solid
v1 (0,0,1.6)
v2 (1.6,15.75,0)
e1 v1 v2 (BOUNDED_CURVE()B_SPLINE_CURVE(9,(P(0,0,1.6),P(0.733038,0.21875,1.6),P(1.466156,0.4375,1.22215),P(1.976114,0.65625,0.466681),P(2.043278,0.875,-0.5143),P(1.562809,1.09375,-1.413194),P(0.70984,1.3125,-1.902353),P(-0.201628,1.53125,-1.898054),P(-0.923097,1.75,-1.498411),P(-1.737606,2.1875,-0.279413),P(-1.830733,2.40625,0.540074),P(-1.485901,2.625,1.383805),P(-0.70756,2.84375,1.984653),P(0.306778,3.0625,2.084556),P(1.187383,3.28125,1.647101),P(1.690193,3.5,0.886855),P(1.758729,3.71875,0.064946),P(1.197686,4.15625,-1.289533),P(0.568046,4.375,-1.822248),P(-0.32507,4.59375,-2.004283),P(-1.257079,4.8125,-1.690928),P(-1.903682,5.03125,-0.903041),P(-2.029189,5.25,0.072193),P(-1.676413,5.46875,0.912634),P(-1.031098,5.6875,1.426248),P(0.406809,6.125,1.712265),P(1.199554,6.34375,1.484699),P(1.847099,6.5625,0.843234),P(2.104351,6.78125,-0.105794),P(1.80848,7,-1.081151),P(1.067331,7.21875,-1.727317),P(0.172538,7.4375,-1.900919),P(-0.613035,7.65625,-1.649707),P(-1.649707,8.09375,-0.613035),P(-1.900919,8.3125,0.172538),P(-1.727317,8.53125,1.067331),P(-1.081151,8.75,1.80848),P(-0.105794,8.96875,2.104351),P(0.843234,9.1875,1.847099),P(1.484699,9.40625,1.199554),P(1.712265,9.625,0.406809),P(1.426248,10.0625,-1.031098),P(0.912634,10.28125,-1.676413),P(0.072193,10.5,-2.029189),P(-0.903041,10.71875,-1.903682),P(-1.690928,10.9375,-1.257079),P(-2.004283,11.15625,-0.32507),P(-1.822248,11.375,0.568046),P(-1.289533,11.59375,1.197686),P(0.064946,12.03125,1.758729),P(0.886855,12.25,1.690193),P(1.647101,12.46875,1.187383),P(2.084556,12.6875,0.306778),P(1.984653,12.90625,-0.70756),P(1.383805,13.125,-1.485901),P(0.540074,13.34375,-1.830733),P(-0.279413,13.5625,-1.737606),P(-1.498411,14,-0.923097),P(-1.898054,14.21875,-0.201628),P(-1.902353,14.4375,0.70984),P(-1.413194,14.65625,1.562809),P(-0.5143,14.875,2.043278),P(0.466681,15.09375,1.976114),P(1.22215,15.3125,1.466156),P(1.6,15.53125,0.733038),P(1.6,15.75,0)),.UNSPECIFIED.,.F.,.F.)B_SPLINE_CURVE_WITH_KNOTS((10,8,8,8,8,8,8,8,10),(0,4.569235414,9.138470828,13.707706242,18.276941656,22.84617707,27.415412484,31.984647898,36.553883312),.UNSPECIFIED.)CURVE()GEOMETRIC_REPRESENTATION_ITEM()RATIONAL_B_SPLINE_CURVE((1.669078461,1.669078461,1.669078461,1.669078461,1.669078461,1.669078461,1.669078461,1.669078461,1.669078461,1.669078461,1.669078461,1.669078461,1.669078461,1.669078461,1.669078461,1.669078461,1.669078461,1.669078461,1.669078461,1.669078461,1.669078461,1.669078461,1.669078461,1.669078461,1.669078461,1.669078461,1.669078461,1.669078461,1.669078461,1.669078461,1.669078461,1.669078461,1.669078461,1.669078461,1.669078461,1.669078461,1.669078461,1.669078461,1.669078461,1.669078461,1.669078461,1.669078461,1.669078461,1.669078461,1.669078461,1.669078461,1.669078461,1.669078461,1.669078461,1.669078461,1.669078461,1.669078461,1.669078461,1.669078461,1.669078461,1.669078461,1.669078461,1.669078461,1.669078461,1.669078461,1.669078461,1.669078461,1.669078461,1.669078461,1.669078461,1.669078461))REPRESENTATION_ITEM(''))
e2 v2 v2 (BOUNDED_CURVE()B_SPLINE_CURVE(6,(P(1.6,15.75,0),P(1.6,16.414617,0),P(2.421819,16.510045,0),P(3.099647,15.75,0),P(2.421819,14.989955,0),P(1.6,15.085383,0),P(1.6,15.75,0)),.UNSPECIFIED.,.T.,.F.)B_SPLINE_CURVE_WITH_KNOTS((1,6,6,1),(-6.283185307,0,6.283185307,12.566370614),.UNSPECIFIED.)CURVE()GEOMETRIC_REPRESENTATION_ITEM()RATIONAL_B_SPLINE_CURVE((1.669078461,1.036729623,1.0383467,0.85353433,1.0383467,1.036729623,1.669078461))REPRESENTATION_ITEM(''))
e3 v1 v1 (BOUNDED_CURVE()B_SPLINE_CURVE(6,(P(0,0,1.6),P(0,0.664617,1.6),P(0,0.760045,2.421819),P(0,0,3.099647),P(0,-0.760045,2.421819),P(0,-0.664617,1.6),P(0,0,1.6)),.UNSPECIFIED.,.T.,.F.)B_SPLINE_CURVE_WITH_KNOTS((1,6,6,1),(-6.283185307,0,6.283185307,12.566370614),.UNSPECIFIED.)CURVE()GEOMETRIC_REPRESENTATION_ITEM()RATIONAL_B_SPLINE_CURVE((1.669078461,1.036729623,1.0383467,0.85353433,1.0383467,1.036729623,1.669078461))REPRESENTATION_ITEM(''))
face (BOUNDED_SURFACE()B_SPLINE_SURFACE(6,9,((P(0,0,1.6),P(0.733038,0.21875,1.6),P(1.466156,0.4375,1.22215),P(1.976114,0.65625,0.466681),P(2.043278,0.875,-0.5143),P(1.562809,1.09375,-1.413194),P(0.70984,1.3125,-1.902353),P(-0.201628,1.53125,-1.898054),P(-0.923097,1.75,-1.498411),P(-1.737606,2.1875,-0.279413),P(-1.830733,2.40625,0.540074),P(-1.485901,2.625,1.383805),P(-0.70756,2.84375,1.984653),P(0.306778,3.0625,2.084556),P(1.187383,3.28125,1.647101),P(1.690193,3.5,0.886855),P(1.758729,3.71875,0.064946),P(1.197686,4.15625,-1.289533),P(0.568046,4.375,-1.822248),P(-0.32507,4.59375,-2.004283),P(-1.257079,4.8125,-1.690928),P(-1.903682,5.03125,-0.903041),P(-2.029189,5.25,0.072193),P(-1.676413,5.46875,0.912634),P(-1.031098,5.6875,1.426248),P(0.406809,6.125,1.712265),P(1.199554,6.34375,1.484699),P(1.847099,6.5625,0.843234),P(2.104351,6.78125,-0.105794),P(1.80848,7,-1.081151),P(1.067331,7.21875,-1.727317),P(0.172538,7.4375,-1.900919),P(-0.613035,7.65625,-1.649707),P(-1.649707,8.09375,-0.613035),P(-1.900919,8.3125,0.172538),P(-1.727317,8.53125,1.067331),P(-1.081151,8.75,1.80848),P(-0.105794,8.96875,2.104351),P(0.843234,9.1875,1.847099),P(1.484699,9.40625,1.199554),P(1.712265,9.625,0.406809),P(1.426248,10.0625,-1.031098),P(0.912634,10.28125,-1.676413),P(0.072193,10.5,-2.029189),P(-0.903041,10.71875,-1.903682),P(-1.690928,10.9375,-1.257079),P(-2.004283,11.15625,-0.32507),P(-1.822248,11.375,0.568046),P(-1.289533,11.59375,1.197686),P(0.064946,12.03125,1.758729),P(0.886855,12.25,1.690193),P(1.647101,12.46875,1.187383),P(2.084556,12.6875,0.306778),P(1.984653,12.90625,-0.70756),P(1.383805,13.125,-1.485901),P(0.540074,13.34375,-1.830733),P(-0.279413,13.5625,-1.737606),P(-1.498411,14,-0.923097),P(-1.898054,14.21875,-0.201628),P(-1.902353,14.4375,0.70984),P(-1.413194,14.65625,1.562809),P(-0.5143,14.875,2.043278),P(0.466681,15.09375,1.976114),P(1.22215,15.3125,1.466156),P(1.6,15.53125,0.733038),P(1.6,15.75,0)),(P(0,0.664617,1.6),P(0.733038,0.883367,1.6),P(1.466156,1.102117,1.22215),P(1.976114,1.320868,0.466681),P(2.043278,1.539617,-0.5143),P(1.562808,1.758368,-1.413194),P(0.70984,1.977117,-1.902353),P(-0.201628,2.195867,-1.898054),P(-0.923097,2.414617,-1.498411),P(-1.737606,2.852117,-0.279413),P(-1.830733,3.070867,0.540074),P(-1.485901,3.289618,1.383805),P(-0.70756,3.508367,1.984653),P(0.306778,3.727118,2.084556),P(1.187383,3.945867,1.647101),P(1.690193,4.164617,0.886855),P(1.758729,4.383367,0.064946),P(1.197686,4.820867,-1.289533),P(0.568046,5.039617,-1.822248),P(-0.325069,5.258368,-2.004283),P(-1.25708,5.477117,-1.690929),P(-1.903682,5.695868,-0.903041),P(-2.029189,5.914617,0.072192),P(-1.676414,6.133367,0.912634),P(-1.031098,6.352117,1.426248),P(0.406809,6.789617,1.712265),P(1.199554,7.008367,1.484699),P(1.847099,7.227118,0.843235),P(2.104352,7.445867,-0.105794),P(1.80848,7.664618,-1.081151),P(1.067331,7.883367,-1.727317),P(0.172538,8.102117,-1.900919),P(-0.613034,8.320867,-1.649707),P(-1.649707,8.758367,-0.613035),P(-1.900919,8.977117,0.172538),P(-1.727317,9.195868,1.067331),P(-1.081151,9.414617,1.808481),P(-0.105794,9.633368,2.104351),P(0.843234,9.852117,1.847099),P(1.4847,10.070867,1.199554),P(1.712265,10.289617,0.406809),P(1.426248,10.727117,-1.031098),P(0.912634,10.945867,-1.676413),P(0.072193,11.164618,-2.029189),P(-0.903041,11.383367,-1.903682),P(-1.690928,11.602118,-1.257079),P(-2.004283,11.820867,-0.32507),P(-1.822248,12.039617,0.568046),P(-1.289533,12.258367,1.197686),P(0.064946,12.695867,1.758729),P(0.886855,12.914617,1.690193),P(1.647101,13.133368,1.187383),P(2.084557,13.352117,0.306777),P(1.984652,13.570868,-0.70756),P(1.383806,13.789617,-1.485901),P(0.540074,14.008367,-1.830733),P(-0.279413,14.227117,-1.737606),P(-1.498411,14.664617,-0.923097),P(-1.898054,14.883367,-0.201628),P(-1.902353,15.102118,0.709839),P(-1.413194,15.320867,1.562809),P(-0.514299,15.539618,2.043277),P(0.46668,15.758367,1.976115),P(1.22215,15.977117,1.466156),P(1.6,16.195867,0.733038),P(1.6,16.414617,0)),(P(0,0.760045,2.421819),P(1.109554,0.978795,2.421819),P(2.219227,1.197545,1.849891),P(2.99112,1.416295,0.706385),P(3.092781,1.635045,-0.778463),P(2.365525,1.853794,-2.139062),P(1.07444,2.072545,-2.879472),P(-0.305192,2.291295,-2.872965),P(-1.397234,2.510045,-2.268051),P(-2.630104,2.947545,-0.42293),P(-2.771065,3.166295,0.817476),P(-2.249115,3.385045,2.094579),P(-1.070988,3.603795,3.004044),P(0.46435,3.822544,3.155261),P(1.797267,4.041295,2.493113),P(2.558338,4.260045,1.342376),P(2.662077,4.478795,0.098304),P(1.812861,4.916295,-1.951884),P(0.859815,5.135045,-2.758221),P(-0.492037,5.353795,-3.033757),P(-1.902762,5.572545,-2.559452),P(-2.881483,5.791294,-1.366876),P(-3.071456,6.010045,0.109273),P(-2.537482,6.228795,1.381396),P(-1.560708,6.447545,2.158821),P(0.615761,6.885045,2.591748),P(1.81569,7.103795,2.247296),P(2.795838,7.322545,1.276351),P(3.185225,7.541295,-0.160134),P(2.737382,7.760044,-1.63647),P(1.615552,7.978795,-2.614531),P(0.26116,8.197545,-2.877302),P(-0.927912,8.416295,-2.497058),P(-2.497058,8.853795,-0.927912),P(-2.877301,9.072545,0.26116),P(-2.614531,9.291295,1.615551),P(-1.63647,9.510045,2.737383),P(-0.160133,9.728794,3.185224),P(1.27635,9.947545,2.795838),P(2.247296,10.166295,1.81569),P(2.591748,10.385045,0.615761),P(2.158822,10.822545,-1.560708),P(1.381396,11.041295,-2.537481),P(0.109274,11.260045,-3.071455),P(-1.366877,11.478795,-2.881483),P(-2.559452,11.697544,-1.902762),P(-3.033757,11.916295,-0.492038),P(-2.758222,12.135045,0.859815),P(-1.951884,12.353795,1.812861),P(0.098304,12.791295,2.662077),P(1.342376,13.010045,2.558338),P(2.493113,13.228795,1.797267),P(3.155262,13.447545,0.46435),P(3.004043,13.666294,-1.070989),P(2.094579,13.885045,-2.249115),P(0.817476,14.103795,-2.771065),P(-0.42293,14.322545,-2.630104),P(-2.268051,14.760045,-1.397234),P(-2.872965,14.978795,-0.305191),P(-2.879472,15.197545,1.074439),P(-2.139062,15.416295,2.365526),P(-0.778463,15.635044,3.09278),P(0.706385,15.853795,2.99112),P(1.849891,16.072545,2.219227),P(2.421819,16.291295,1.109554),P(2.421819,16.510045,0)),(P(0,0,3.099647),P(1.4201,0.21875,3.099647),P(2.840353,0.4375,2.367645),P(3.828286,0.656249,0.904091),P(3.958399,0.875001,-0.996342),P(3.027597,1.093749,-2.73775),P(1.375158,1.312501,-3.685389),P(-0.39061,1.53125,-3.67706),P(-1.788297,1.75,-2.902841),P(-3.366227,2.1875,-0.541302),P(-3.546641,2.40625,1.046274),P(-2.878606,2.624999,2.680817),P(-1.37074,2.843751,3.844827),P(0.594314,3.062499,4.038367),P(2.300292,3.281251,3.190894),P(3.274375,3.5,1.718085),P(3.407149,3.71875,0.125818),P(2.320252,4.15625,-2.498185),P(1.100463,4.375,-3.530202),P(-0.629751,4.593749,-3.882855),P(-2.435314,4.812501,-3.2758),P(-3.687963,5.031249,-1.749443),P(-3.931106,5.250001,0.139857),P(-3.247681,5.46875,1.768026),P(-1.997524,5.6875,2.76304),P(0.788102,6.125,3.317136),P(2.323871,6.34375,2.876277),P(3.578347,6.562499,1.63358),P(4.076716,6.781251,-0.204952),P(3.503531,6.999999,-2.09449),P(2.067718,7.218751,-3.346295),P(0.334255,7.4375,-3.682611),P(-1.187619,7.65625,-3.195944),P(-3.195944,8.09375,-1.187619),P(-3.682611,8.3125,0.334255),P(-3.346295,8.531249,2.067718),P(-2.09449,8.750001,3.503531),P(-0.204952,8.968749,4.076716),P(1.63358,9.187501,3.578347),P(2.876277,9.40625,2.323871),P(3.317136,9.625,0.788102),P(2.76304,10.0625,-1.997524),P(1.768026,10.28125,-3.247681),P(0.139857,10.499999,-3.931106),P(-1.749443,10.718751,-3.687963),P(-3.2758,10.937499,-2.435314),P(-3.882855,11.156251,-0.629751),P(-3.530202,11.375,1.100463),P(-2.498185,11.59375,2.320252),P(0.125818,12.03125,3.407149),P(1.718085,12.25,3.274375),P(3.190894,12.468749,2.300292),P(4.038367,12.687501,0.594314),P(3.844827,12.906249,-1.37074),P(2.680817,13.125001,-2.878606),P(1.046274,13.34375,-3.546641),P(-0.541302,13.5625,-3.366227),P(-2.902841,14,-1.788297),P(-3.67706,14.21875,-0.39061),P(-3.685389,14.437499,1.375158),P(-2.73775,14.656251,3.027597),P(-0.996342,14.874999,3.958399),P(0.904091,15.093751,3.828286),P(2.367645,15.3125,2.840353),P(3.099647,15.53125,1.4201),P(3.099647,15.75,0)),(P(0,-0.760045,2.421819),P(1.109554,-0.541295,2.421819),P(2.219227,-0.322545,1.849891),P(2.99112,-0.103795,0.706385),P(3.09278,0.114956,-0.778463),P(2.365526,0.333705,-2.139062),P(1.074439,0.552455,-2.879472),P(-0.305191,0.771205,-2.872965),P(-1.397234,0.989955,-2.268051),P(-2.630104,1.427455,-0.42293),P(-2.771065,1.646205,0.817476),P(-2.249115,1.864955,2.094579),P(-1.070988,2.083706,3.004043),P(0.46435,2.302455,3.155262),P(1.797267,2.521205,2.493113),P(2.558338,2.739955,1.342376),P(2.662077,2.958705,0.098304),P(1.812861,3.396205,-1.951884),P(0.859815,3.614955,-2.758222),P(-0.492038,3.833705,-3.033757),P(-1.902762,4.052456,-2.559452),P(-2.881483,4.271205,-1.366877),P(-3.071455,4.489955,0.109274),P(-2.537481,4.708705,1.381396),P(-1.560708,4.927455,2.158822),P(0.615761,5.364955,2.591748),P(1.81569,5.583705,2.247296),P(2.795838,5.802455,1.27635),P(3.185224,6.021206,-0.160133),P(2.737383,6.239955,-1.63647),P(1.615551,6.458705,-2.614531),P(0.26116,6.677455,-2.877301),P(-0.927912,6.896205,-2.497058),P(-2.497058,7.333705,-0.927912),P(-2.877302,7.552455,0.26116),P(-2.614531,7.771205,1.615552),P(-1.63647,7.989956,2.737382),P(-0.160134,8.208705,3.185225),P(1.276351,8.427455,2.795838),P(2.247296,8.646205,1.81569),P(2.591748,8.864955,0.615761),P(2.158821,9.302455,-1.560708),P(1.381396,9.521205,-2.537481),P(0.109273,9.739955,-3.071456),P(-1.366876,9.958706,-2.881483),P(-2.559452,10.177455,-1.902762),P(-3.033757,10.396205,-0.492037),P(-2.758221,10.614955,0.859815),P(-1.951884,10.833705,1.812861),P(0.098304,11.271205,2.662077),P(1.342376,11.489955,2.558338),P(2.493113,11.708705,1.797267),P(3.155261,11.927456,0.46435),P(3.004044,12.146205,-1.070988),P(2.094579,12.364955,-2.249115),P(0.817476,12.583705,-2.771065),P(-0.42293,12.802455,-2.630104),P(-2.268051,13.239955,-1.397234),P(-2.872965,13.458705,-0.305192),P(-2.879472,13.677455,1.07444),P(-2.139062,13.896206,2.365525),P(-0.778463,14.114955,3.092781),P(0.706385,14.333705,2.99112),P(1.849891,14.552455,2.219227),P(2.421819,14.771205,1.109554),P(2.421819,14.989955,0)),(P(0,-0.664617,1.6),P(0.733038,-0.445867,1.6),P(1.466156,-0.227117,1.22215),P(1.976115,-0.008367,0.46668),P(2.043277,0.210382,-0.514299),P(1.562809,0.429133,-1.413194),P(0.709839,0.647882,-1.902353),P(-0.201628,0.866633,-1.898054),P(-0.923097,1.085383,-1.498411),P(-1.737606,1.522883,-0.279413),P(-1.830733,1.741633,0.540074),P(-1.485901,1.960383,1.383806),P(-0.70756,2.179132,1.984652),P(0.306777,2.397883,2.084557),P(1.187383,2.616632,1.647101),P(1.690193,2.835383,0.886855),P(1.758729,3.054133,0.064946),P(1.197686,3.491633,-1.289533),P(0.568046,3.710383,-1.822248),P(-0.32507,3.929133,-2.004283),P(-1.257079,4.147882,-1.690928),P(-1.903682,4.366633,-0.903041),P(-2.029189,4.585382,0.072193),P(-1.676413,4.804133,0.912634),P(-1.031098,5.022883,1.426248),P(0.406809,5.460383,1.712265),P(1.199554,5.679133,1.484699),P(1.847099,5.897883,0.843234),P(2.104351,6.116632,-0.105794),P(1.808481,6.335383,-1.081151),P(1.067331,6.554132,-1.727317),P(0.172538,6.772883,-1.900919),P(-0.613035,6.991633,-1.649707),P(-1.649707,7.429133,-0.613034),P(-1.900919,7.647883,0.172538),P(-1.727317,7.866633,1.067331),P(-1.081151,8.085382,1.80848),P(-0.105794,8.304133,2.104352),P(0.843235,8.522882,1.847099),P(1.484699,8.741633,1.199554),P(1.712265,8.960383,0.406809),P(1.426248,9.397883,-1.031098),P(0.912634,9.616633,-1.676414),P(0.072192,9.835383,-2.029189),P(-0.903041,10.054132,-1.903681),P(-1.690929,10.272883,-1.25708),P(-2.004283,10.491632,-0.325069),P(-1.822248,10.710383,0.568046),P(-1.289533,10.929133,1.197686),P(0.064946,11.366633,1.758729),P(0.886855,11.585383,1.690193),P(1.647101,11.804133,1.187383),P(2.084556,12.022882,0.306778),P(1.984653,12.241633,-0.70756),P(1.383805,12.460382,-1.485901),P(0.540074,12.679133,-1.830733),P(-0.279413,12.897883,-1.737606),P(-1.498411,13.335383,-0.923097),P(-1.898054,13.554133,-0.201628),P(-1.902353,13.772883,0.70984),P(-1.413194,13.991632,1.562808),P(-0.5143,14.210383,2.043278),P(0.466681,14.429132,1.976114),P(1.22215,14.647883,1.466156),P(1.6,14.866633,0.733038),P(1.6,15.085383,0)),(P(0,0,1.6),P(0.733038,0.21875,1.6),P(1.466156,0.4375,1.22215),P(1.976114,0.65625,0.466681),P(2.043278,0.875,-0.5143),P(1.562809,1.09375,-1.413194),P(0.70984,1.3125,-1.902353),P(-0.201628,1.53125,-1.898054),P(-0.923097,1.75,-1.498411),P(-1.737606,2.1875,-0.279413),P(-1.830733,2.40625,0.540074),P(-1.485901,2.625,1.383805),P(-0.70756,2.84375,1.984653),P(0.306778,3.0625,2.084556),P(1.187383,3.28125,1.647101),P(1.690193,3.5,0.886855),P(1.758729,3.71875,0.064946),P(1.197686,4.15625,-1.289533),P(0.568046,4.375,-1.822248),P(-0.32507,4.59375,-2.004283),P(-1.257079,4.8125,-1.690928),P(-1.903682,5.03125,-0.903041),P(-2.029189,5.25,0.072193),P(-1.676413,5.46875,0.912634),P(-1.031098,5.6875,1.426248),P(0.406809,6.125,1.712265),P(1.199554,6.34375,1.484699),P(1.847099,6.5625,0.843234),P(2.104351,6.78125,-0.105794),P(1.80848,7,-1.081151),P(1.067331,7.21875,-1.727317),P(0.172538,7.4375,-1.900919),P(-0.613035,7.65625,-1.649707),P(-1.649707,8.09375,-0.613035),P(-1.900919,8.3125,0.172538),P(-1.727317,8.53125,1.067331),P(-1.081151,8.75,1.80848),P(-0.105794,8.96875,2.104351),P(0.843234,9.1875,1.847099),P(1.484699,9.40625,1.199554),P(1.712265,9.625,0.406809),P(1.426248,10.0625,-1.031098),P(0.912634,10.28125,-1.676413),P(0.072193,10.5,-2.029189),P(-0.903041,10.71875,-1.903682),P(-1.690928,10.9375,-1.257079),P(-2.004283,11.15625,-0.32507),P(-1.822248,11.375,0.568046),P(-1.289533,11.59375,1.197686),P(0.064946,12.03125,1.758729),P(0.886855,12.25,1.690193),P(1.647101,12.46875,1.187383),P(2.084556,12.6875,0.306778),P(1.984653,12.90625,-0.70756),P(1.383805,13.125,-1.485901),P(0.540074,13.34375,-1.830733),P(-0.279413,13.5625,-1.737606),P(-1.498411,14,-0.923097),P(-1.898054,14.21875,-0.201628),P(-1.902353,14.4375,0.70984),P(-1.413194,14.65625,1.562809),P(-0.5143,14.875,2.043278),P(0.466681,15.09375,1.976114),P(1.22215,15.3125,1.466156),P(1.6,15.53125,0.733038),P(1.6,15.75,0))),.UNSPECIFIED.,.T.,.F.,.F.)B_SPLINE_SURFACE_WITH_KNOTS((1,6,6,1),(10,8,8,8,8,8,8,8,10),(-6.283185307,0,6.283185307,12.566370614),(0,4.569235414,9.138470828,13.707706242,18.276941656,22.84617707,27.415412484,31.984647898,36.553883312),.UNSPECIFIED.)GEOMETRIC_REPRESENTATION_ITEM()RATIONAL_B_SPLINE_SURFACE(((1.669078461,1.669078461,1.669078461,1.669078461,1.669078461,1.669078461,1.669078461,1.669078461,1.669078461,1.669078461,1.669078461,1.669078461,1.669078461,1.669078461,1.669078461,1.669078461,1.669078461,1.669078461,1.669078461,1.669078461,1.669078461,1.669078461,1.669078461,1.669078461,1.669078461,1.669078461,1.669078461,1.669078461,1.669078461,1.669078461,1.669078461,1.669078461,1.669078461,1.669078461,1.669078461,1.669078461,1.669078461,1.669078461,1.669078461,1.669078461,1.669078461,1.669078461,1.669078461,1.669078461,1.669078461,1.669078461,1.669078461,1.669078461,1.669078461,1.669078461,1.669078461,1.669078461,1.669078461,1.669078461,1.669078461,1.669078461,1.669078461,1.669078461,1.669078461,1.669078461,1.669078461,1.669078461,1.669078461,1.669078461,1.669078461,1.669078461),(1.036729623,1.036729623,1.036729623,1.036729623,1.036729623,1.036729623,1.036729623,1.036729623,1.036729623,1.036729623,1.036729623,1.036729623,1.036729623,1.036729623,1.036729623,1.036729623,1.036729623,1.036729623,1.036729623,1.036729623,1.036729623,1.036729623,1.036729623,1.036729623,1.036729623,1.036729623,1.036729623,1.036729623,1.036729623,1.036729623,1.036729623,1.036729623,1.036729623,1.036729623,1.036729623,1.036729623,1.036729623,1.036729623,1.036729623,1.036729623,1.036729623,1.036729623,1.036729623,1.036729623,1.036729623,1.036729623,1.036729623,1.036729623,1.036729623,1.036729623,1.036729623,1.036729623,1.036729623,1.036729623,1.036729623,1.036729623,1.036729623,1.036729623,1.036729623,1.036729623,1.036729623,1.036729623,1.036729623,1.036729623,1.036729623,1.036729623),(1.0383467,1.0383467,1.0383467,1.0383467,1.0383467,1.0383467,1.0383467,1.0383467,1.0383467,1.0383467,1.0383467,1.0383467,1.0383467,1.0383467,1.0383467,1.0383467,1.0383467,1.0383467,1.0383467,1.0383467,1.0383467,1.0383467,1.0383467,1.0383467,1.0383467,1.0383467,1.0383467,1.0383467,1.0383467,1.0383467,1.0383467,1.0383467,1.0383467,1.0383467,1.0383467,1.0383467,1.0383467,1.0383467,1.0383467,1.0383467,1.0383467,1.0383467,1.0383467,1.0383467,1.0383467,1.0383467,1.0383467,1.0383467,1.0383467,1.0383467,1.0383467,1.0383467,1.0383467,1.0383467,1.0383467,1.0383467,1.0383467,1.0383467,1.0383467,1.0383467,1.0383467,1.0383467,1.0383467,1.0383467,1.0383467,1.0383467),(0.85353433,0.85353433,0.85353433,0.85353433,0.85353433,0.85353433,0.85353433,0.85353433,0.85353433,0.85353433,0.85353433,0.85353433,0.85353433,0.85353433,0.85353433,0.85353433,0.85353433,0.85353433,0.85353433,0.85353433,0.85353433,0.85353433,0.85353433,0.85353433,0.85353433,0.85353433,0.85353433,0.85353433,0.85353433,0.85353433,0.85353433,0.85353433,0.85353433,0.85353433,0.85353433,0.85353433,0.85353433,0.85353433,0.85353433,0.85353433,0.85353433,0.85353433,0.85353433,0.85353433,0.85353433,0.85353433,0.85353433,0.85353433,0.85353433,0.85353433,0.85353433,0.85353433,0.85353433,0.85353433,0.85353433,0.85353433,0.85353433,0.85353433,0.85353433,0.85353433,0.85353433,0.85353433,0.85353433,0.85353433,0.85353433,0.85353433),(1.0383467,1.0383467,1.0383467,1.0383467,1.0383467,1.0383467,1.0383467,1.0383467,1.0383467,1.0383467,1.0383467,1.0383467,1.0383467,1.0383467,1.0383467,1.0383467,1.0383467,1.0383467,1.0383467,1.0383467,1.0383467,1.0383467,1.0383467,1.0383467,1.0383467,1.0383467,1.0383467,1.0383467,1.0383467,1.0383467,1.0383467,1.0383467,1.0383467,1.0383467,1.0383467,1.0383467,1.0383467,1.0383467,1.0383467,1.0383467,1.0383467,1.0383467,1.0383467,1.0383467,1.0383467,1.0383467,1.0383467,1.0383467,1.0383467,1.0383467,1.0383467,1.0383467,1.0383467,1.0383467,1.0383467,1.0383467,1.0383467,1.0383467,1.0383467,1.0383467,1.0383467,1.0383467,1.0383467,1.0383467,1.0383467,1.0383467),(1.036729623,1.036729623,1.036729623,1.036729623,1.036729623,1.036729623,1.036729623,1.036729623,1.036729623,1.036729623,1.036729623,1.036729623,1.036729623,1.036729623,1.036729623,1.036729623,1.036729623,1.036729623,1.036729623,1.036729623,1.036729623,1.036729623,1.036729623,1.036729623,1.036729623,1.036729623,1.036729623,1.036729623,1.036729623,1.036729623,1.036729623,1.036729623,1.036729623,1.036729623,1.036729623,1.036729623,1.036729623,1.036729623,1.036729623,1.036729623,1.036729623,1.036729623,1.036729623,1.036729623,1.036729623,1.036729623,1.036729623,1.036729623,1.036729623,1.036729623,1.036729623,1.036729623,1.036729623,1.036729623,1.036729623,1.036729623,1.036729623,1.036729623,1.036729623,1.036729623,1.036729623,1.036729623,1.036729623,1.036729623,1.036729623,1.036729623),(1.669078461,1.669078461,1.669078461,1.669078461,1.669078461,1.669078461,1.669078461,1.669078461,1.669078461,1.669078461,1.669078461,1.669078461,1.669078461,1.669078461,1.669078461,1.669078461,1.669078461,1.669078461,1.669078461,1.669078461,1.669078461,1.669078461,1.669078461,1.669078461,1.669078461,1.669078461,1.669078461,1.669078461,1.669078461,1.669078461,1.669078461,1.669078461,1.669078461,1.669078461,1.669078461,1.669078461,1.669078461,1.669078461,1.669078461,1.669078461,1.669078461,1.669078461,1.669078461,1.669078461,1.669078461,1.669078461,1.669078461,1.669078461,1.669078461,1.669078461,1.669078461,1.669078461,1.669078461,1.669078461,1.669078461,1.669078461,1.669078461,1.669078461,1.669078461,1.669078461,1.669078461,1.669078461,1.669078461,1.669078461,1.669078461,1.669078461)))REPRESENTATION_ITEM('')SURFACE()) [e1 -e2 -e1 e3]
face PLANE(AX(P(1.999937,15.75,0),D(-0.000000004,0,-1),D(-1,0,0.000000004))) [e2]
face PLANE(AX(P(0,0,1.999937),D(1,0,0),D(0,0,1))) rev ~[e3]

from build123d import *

# Parameters (mm, degrees)
BALAYAGE2_PITCH  = 3
BALAYAGE2_HEIGHT = 15.75
BALAYAGE2_RADIUS = 2
ESQUISSE28_R     = 0.4


with BuildPart() as part:
    # Balayage2: sweep along a helix
    with BuildLine() as balayage2_path:
        Helix(BALAYAGE2_PITCH, BALAYAGE2_HEIGHT, BALAYAGE2_RADIUS, center=(0, 0, 0), direction=(0, 1, 0))
    # Esquisse28 → Balayage2 (sweep)
    with BuildSketch(Plane(origin=(0, 0, 0), x_dir=(0, 0, -1), z_dir=(1, 0, 0))):
        with Locations((-2, 0)):
            Circle(ESQUISSE28_R)
    sweep(path=balayage2_path.line, is_frenet=True)


solid = part.part
